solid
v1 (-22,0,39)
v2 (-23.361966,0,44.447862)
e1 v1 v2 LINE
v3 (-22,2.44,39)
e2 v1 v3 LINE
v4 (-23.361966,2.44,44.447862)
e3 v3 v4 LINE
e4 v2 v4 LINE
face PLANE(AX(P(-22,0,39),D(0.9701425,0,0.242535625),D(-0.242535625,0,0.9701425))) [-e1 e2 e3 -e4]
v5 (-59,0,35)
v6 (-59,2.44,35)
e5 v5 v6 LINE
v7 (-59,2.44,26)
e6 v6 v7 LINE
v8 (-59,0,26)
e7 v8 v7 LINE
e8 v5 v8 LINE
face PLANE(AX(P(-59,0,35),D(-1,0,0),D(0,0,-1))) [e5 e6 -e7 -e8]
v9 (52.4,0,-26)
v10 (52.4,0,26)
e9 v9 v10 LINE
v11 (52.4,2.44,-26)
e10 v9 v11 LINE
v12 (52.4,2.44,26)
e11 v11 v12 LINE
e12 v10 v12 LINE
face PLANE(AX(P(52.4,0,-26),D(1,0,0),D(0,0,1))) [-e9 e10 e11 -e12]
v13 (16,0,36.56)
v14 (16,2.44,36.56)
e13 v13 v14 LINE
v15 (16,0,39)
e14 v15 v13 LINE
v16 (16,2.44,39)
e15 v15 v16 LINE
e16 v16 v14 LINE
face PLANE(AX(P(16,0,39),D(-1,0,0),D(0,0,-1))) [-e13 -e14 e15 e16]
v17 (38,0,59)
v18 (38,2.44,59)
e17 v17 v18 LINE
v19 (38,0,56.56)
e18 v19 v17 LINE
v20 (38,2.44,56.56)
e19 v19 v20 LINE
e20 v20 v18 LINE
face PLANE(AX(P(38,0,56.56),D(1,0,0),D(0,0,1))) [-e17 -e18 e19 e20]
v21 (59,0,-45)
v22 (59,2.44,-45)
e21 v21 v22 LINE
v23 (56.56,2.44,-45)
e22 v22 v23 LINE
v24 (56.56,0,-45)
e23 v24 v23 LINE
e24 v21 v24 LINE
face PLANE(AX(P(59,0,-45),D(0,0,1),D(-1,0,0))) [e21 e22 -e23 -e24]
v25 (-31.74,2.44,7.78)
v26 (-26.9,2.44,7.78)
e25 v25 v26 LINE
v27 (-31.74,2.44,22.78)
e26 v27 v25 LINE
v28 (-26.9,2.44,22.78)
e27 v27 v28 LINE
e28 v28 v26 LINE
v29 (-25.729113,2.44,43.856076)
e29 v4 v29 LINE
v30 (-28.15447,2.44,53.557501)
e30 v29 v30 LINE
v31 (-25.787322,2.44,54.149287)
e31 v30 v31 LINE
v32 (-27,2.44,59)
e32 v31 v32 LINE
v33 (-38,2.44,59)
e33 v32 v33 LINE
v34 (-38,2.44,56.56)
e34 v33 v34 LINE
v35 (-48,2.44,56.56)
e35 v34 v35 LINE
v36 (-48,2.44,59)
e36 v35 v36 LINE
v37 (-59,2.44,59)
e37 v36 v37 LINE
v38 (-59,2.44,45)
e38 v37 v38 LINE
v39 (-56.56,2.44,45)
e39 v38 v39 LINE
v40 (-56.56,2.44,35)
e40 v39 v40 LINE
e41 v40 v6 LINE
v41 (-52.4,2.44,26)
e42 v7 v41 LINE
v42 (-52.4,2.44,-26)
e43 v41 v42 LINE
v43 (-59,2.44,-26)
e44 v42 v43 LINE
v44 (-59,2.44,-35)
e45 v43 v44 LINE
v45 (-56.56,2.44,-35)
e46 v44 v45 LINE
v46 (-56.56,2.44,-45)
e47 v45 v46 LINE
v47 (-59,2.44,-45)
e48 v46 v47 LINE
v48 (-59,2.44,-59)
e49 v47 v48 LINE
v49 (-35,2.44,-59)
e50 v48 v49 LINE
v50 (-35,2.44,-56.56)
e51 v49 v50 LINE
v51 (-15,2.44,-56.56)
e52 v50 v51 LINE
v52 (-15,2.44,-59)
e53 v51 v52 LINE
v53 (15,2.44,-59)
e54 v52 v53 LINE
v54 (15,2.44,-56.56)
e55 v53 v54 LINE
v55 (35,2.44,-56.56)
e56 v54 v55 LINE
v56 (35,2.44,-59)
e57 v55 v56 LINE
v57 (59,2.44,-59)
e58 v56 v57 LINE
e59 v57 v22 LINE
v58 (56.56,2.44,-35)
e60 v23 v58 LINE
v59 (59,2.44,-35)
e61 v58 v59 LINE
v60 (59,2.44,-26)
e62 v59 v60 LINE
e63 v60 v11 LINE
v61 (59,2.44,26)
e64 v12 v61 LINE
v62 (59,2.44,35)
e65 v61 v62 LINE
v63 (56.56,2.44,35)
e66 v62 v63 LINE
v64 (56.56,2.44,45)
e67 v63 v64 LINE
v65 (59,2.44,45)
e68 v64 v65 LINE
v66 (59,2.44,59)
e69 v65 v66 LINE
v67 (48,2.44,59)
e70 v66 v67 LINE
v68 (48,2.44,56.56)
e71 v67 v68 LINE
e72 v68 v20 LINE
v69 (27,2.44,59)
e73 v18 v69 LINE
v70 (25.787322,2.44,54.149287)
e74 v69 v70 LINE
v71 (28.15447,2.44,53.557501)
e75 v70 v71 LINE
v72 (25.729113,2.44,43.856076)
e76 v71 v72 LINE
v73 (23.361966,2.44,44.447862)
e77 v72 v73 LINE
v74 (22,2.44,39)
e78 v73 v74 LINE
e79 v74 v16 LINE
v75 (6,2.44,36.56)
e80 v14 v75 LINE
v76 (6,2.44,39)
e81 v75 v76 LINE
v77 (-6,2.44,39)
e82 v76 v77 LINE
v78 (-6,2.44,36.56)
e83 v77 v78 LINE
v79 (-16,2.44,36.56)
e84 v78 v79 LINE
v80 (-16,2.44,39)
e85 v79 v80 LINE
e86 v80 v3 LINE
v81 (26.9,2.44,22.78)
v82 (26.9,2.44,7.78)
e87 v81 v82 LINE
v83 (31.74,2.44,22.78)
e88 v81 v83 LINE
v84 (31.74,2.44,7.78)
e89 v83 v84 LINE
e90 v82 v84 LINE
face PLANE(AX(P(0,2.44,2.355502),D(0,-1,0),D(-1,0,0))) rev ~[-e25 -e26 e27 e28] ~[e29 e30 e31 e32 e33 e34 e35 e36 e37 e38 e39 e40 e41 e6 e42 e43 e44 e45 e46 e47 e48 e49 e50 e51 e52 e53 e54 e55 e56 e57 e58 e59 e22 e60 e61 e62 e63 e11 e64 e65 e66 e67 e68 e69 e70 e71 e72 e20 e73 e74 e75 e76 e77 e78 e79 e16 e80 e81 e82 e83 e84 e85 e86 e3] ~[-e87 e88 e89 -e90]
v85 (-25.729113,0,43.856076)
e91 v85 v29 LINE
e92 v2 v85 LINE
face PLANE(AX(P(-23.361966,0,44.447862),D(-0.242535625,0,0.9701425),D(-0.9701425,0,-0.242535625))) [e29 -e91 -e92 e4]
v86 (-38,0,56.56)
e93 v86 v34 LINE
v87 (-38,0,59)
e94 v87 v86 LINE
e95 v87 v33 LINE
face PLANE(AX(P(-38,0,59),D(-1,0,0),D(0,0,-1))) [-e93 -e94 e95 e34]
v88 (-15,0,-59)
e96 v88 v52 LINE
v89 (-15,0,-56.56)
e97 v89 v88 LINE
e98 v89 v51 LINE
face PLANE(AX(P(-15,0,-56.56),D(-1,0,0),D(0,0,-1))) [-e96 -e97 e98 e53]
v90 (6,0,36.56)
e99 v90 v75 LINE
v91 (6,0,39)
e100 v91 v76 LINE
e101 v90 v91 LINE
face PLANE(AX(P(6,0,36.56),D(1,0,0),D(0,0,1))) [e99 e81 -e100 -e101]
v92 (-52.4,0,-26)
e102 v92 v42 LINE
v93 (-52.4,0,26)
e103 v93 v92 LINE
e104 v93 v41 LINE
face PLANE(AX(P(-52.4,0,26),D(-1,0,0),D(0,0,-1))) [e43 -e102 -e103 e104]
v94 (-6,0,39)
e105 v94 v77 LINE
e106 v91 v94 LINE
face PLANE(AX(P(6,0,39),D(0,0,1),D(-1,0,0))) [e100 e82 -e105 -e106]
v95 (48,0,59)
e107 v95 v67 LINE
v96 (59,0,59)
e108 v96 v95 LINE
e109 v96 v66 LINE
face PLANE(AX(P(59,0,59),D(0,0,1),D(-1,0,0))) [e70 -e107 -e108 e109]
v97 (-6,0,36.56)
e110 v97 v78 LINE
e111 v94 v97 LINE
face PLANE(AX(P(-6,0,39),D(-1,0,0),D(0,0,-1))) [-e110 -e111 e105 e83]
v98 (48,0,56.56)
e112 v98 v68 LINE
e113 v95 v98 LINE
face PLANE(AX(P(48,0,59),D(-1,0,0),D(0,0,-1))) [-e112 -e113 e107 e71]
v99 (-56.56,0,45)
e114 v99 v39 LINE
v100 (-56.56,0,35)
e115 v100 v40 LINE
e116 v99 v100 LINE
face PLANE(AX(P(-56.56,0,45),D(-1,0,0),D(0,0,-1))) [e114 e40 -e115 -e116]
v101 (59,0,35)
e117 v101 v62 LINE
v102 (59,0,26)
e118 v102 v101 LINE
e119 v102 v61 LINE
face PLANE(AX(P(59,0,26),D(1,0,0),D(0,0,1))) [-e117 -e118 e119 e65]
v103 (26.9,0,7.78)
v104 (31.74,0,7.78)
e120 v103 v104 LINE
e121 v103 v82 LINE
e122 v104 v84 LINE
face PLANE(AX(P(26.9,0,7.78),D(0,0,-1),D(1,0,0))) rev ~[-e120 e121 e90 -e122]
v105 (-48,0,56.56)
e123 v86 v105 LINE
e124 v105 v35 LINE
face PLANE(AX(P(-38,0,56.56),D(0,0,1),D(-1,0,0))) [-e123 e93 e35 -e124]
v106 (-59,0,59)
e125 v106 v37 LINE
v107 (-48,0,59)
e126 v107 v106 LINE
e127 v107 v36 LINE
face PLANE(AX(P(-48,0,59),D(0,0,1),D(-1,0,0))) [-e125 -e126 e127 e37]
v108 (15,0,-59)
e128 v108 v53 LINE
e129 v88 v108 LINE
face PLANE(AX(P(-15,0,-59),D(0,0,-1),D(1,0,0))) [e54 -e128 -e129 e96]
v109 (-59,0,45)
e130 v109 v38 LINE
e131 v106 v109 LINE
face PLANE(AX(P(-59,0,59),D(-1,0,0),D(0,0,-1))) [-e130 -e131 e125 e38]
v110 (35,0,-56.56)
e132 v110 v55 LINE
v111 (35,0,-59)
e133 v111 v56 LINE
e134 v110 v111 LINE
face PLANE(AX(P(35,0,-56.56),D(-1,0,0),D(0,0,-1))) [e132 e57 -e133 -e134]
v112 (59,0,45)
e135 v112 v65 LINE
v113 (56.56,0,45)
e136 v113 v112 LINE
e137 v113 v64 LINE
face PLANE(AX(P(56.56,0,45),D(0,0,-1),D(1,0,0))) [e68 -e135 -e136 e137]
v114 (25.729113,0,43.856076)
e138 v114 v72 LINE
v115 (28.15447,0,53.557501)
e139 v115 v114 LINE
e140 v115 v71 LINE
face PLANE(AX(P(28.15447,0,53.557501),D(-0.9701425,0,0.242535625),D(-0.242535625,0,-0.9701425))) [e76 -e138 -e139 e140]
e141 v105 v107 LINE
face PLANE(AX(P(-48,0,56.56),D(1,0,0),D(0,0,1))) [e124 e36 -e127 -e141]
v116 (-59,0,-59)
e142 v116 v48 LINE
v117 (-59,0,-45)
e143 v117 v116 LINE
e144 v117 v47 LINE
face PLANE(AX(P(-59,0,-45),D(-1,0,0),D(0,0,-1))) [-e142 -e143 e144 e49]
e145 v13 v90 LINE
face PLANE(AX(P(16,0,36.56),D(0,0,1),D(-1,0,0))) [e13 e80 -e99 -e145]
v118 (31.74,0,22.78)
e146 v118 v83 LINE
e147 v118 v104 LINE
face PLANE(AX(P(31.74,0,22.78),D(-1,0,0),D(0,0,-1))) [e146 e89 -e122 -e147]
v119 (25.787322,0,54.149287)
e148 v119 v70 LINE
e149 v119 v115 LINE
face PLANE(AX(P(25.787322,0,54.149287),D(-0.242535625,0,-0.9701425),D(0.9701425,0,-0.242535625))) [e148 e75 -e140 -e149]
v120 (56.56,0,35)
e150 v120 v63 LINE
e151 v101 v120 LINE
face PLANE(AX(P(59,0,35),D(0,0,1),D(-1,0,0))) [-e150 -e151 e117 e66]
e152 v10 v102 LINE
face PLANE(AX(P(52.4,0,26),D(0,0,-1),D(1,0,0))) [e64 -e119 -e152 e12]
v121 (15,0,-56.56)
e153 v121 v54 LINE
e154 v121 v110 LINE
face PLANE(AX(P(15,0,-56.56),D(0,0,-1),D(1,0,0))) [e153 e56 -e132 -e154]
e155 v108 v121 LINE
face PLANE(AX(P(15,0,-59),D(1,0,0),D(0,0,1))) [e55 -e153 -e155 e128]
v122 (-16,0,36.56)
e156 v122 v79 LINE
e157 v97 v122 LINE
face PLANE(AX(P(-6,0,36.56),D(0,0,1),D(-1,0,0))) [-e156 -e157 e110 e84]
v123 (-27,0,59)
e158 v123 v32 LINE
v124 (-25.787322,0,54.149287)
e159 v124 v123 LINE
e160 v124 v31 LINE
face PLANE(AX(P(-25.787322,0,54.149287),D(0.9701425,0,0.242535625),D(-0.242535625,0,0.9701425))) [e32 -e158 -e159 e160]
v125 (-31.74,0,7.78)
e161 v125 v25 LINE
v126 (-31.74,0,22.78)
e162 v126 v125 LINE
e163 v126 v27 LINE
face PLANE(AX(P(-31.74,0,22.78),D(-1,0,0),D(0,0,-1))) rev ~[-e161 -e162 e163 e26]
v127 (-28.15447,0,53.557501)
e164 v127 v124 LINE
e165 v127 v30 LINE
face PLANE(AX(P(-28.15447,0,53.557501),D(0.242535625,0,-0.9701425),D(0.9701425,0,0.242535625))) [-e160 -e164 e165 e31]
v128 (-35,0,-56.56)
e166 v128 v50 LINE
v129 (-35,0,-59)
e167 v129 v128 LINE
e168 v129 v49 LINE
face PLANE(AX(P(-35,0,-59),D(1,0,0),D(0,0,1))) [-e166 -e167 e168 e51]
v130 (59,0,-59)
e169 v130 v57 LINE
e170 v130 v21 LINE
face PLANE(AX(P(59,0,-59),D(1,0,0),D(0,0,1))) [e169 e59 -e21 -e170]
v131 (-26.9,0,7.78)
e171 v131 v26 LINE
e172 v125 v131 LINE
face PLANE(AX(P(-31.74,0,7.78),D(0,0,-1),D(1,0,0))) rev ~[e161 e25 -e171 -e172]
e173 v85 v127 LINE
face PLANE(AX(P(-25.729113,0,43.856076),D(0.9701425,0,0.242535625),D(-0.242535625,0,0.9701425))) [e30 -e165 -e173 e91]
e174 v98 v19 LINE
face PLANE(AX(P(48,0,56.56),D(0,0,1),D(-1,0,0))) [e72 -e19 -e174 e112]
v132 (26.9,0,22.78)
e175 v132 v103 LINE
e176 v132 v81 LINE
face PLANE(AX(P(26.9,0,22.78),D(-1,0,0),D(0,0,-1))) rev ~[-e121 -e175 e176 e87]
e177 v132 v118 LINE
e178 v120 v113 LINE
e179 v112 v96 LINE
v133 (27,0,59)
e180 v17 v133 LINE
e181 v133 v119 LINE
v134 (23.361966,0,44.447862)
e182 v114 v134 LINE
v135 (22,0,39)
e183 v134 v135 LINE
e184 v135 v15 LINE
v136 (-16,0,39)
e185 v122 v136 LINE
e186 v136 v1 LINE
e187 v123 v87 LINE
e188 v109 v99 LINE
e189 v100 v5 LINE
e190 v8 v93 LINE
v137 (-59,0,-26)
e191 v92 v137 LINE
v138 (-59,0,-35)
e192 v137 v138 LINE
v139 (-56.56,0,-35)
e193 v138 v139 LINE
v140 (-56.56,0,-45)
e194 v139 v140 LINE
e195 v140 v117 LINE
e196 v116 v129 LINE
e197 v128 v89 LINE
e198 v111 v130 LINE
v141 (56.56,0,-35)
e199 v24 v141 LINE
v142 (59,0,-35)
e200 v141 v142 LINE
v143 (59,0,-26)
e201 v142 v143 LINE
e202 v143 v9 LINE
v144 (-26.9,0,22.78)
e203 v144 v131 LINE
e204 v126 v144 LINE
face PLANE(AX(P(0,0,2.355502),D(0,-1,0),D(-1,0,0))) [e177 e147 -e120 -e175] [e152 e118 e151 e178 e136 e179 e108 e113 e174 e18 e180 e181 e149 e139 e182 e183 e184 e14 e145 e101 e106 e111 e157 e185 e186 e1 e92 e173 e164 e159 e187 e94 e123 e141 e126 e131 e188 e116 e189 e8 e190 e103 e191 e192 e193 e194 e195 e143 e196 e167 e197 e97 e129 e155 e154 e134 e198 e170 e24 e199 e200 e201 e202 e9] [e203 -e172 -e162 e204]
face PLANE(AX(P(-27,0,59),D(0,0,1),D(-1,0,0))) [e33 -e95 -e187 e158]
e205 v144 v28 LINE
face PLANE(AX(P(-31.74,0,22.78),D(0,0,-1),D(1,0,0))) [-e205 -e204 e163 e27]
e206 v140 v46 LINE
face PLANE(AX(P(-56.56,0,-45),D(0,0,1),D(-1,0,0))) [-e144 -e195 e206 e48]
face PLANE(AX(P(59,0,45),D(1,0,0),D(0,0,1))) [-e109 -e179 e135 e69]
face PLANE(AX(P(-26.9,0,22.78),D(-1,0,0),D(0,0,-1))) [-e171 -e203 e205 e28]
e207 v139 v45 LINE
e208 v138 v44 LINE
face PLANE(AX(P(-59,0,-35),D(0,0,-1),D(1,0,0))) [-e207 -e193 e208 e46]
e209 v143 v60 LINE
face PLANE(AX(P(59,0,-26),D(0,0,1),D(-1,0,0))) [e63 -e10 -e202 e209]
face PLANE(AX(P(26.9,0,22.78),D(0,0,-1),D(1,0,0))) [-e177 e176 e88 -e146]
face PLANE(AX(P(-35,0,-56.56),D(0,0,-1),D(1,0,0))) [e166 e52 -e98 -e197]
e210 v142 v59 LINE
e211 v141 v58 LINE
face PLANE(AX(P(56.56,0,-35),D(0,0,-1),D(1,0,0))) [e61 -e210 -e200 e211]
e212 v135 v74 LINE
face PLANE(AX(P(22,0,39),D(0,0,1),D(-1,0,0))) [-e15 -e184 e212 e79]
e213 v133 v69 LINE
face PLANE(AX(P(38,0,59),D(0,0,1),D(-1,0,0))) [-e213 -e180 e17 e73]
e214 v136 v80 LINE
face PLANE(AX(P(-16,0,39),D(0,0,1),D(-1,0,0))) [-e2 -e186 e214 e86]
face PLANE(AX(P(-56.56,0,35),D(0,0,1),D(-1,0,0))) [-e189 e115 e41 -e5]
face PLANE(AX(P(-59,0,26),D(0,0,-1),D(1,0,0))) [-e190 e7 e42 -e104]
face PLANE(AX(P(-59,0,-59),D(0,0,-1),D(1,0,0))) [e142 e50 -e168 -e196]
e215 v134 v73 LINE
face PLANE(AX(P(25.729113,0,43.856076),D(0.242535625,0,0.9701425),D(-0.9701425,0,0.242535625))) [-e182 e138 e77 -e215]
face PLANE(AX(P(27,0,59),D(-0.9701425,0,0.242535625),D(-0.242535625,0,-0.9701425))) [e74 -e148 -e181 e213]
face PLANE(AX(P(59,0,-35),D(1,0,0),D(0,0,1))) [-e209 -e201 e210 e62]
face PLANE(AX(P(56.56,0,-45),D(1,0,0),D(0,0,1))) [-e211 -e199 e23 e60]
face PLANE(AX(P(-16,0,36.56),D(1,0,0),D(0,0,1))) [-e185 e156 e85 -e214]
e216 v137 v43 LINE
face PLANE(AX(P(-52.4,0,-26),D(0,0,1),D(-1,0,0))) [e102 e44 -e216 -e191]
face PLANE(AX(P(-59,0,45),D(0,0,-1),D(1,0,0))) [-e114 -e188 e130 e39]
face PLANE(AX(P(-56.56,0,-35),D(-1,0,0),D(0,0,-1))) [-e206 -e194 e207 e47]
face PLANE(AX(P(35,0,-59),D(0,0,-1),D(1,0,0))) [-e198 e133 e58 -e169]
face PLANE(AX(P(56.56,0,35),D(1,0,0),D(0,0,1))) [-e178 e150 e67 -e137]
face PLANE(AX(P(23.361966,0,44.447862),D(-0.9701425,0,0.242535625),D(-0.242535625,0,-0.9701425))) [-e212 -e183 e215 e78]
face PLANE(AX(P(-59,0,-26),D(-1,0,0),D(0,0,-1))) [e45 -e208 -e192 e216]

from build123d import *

# Parameters (mm, degrees)
CROQUIS1_W              = 4.84
CROQUIS1_H              = 15
SALIENTE_EXTRUIR1_DEPTH = 2.44


with BuildPart() as part:
    # Croquis1 → Saliente-Extruir1 (new body)
    with BuildSketch(Plane(origin=(0, 0, 0), x_dir=(1, 0, 0), z_dir=(0, 1, 0))):
        Polygon((-59, 45), (-59, 59), (-35, 59), (-35, 56.56), (-15, 56.56), (-15, 59), (15, 59), (15, 56.56), (35, 56.56), (35, 59), (59, 59), (59, 45), (56.56, 45), (56.56, 35), (59, 35), (59, 26), (52.4, 26), (52.4, -26), (59, -26), (59, -35), (56.56, -35), (56.56, -45), (59, -45), (59, -59), (48, -59), (48, -56.56), (38, -56.56), (38, -59), (27, -59), (25.787321875, -54.149287499), (28.154469575, -53.557500574), (25.729113325, -43.856075573), (23.361965624, -44.447862498), (22, -39), (16, -39), (16, -36.56), (6, -36.56), (6, -39), (-6, -39), (-6, -36.56), (-16, -36.56), (-16, -39), (-22, -39), (-23.361965624, -44.447862498), (-25.729113325, -43.856075573), (-28.154469575, -53.557500574), (-25.787321875, -54.149287499), (-27, -59), (-38, -59), (-38, -56.56), (-48, -56.56), (-48, -59), (-59, -59), (-59, -45), (-56.56, -45), (-56.56, -35), (-59, -35), (-59, -26), (-52.4, -26), (-52.4, 26), (-59, 26), (-59, 35), (-56.56, 35), (-56.56, 45), align=None)
        with Locations((29.32, -15.28)):
            Rectangle(CROQUIS1_W, CROQUIS1_H, mode=Mode.SUBTRACT)
        with Locations((-29.32, -15.28)):
            Rectangle(CROQUIS1_W, CROQUIS1_H, mode=Mode.SUBTRACT)
    extrude(amount=SALIENTE_EXTRUIR1_DEPTH)


solid = part.part
